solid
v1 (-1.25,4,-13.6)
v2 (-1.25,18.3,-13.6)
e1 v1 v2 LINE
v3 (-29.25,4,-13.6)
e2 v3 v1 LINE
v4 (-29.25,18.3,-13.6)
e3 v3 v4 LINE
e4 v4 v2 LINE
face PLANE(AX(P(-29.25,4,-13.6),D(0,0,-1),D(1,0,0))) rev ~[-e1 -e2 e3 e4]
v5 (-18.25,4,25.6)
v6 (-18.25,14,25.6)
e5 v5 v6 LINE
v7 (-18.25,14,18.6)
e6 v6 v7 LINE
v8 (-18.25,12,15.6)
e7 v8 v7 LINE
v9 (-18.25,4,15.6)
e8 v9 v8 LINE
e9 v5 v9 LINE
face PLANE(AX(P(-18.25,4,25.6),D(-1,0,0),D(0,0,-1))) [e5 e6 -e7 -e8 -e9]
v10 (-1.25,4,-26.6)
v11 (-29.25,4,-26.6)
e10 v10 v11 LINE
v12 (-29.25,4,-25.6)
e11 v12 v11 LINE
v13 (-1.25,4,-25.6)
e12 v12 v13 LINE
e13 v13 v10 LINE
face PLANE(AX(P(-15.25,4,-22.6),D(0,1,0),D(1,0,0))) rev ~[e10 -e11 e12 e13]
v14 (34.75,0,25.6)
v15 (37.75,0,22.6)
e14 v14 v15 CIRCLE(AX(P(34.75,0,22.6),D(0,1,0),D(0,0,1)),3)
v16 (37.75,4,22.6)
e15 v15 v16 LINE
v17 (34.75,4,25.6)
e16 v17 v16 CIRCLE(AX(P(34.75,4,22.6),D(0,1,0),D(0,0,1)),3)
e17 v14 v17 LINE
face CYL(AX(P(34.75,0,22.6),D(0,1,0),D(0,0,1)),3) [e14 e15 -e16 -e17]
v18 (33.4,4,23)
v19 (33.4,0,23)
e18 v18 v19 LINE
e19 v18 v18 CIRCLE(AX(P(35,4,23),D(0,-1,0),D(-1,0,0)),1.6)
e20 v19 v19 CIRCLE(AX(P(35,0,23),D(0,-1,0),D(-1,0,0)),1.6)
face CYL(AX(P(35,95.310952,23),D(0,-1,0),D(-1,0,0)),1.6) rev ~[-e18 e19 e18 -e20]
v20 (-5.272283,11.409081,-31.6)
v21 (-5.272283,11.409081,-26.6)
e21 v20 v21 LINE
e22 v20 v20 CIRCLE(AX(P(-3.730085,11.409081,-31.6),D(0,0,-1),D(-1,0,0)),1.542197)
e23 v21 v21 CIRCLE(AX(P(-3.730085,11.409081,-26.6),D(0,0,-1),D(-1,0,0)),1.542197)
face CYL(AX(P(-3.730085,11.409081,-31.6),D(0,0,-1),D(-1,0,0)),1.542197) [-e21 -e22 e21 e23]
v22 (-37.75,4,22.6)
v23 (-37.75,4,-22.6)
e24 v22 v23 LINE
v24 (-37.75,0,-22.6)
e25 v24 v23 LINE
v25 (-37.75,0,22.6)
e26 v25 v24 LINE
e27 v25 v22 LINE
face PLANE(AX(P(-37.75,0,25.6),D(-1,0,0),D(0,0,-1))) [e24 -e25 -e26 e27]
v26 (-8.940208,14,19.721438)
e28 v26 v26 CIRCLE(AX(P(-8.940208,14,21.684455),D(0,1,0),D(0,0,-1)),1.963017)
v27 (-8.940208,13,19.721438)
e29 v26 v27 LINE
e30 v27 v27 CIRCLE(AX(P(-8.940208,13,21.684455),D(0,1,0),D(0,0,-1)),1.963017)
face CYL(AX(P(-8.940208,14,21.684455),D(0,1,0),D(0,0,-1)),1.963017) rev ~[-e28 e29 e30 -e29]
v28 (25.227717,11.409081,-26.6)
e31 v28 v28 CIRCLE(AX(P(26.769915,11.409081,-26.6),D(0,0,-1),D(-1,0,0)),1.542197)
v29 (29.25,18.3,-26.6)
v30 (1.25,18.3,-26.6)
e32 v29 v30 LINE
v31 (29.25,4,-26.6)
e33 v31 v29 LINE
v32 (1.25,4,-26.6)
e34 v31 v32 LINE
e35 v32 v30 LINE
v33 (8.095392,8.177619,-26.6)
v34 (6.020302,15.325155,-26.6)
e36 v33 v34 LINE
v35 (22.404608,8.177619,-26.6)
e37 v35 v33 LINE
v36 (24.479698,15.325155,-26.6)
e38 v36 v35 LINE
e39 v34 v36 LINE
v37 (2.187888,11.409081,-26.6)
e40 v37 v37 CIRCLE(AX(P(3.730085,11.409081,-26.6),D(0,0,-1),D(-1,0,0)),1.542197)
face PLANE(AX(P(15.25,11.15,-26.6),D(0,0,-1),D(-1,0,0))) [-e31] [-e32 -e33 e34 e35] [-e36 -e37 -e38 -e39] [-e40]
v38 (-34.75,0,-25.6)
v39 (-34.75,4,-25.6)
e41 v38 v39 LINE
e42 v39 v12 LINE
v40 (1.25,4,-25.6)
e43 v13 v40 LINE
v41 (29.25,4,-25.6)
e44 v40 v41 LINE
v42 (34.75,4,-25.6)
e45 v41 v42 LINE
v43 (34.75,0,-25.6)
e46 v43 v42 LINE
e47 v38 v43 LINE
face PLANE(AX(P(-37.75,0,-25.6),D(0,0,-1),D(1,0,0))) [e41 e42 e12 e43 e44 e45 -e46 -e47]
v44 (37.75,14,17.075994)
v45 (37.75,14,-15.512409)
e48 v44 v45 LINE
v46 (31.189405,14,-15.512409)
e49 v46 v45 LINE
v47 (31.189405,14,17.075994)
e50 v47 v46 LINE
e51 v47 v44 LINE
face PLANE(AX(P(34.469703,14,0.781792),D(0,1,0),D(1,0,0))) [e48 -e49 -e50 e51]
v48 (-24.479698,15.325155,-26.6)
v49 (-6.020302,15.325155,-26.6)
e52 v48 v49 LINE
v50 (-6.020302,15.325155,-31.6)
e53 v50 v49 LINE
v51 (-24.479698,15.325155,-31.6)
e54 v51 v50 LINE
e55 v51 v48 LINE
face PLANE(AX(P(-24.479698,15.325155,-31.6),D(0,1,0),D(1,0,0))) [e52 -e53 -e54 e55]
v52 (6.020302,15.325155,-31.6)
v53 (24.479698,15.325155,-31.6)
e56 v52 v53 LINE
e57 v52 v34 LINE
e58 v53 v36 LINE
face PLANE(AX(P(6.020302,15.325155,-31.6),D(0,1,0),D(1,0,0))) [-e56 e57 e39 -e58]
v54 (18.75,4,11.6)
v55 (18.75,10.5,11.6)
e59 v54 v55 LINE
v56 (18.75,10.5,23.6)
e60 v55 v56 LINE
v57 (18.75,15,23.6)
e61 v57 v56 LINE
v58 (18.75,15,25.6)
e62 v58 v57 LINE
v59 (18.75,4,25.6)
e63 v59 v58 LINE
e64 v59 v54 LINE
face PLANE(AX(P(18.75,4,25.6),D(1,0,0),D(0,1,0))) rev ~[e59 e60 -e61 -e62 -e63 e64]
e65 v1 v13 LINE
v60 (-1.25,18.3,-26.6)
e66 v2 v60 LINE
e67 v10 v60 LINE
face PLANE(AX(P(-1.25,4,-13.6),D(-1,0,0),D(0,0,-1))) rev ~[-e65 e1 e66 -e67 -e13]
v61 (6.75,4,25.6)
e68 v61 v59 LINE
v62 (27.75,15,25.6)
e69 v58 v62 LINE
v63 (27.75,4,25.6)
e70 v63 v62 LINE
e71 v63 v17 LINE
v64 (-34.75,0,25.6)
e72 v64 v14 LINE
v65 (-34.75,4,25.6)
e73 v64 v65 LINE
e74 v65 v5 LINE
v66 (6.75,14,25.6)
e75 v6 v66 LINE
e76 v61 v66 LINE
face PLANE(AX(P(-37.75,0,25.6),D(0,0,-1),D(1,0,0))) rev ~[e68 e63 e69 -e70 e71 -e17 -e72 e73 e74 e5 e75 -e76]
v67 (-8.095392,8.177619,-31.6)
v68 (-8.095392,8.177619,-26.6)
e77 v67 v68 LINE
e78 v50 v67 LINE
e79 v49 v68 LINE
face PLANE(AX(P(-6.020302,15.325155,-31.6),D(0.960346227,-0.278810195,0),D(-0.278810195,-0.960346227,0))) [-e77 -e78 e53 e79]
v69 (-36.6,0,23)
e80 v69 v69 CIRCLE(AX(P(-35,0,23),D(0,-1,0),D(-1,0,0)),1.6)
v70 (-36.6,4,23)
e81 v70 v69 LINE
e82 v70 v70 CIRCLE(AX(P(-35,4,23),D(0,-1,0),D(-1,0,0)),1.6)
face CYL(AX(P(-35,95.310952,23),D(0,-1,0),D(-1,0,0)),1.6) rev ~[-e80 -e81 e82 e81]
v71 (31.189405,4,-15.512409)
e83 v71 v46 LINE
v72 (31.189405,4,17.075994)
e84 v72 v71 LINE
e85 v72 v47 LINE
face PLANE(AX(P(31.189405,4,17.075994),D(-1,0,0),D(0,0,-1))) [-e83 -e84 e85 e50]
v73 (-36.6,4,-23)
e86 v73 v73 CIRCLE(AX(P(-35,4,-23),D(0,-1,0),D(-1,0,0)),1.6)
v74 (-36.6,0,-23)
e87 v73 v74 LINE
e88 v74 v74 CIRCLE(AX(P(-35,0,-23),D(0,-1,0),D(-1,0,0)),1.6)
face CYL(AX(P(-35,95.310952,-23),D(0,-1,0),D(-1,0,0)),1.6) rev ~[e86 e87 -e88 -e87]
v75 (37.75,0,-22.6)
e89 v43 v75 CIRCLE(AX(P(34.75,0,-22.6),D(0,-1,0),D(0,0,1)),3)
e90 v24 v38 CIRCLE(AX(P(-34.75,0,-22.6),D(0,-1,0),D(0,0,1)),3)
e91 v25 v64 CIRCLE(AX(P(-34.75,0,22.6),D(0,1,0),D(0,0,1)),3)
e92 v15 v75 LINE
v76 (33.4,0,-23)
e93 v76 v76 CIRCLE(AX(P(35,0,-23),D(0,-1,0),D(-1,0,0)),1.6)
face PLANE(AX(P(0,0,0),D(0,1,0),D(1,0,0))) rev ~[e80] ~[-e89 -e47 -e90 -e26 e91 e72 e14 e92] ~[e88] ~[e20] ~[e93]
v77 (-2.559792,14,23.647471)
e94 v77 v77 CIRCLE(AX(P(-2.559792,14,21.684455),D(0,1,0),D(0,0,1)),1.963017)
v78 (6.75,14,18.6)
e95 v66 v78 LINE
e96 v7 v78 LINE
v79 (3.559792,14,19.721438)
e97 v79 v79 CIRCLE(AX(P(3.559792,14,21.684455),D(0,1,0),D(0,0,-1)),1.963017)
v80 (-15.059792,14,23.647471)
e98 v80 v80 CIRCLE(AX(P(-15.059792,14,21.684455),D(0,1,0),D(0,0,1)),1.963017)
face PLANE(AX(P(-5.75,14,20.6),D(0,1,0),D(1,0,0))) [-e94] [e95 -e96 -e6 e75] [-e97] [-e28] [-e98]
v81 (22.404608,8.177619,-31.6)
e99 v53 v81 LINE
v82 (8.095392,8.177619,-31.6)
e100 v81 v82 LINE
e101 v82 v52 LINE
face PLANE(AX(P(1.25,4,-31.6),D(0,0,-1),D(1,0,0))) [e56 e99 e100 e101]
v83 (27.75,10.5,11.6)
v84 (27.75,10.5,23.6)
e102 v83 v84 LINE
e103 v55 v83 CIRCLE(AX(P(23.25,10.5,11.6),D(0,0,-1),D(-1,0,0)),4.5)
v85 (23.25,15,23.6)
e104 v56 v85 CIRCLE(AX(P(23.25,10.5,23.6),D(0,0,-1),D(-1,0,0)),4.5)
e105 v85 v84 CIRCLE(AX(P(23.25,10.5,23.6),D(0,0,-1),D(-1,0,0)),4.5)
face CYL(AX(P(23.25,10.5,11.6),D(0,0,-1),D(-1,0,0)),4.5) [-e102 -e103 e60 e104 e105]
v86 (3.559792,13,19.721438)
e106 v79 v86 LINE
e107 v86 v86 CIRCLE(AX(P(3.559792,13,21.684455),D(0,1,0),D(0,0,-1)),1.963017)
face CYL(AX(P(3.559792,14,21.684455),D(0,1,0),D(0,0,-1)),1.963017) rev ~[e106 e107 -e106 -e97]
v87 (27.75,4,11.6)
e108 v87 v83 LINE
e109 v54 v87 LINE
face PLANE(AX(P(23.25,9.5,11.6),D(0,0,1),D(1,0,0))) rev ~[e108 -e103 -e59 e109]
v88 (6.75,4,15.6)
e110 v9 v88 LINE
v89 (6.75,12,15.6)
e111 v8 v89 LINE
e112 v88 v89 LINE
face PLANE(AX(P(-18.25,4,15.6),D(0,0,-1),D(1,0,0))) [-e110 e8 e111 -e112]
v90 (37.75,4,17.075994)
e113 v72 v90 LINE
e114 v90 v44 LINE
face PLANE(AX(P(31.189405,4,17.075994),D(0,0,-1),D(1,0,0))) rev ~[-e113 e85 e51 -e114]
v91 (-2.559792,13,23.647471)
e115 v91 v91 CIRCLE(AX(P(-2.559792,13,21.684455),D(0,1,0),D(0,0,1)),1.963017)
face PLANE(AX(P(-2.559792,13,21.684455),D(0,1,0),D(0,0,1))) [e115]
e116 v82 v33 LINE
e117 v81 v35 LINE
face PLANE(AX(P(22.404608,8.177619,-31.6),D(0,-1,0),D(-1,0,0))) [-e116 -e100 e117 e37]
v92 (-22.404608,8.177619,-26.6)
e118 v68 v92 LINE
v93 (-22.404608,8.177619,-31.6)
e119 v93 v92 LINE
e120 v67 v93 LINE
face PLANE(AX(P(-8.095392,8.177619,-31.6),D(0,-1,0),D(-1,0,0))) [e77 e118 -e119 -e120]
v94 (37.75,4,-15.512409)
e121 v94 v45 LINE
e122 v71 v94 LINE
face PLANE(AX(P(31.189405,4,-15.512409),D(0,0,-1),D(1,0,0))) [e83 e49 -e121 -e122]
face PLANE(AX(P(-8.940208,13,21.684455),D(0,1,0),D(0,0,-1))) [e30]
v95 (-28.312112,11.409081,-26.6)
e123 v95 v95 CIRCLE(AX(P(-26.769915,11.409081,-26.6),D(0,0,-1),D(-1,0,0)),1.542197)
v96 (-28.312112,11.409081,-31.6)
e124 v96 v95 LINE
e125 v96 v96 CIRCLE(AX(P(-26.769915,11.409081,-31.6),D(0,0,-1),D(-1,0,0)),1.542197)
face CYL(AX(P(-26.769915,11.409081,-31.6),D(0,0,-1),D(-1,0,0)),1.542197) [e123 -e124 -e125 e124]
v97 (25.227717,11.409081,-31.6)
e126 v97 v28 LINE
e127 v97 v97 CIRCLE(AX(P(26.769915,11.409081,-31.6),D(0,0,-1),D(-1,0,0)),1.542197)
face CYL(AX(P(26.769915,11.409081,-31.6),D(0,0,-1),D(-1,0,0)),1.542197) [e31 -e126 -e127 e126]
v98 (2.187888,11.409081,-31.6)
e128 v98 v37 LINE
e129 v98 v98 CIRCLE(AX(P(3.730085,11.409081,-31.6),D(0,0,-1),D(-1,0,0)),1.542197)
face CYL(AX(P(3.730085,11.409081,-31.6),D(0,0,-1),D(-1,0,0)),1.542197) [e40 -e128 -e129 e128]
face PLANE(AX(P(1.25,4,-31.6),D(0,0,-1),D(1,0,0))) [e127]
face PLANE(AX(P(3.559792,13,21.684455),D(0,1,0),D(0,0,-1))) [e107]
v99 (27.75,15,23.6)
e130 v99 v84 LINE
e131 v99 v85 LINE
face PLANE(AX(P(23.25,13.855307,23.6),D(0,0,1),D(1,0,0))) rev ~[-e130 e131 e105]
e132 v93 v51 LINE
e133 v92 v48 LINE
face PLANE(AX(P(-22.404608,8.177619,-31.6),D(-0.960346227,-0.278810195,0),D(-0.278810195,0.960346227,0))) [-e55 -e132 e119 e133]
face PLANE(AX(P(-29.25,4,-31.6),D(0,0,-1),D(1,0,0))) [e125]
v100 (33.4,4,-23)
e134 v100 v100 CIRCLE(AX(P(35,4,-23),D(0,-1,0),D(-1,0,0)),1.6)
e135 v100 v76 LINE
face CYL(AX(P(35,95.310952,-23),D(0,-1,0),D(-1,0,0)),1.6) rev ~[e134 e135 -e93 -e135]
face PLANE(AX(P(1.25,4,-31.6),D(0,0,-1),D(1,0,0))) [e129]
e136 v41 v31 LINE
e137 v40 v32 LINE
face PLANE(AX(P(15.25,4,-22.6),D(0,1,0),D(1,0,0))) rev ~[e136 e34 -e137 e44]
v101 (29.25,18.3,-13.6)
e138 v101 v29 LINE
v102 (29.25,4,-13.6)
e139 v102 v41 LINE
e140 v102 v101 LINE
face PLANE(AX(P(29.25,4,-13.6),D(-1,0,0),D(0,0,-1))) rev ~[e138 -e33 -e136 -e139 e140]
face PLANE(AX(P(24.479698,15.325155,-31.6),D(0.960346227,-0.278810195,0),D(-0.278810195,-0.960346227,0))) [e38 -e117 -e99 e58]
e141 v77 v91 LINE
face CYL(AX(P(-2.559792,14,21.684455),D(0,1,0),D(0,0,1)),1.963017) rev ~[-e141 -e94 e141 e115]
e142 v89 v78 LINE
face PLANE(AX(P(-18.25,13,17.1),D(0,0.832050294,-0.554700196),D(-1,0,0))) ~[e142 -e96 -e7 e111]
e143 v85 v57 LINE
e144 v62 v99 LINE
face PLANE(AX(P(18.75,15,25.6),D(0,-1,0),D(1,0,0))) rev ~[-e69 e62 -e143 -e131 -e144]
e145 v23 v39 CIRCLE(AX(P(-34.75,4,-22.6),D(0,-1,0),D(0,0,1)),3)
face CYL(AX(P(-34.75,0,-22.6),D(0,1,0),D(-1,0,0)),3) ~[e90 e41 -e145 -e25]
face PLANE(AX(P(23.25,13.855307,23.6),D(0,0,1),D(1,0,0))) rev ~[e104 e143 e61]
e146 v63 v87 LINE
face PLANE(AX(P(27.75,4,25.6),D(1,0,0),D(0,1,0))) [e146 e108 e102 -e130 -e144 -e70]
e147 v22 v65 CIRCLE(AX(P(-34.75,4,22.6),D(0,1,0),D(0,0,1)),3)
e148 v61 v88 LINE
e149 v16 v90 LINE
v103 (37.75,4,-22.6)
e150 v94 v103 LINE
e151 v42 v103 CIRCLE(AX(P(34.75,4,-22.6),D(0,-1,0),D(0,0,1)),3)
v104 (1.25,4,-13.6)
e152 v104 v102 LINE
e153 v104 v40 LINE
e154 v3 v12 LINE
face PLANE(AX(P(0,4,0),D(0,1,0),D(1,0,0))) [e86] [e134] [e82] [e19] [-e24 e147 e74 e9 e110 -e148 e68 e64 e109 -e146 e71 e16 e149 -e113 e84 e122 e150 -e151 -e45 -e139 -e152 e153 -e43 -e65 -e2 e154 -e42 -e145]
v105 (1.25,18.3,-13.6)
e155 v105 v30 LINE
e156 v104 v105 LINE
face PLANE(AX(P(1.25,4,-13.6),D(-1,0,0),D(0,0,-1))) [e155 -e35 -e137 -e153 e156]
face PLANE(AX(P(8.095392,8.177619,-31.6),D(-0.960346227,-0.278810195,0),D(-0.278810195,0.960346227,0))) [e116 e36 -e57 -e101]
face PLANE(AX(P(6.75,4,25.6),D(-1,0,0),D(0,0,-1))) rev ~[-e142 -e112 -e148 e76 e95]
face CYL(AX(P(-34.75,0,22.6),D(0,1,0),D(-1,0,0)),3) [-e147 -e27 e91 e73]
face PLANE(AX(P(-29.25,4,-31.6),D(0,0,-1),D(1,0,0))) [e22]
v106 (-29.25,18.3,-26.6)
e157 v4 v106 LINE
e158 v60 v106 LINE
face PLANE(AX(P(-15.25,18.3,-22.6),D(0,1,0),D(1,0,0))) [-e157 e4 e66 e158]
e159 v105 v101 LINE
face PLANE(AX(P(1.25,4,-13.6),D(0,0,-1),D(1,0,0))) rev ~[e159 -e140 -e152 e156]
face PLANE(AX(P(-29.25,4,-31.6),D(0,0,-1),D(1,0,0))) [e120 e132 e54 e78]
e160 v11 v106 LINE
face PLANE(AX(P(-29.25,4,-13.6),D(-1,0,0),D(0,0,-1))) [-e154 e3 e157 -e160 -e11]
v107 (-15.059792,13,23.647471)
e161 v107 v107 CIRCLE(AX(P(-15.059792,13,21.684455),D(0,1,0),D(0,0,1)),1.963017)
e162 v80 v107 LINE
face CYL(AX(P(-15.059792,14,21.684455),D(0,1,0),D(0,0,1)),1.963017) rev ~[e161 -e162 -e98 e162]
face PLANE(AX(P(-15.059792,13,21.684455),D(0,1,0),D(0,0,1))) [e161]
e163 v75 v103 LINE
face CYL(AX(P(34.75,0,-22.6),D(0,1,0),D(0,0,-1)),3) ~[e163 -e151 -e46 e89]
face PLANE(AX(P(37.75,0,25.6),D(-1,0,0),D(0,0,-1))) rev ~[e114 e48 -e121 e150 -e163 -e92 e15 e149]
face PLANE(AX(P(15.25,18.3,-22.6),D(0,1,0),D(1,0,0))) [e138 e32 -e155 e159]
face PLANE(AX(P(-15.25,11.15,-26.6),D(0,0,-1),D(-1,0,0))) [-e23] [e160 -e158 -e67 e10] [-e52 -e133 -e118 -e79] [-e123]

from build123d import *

# Parameters (mm, degrees)
SKETCH_1_W          = 75.5
SKETCH_1_H          = 51.2
EXTRUDE_1_DEPTH     = 4
HOLE_WIZARD_M3_1_D  = 3.2
FILLET_1_R          = 3
SKETCH_4_W          = 9
SKETCH_4_H          = 11
EXTRUDE_2_DEPTH     = 14
CUT_EXTRUDE_1_DEPTH = 12
SKETCH_6_W          = 25
SKETCH_6_H          = 10
EXTRUDE_3_DEPTH     = 10
SKETCH_7_R          = 1.963016799
CUT_EXTRUDE_2_DEPTH = 1
CHAMFER_1_SIZE      = 2
CHAMFER_1_SIZE2     = 3
SKETCH_8_W          = 6.560594773
SKETCH_8_H          = 32.588402295
EXTRUDE_4_DEPTH     = 10
SKETCH_9_W          = 28
SKETCH_9_H          = 18
EXTRUDE_5_DEPTH     = 14.3
SKETCH_10_W         = 28
SKETCH_10_H         = 14.3
SKETCH_10_R         = 1.542197262
CUT_EXTRUDE_3_DEPTH = 5


with BuildPart() as part:
    # 草图1 → 凸台-拉伸1 (new body)
    with BuildSketch(Plane(origin=(0, 0, 0), x_dir=(1, 0, 0), z_dir=(0, 1, 0))):
        Rectangle(SKETCH_1_W, SKETCH_1_H)
    extrude(amount=EXTRUDE_1_DEPTH)

    # M3 间隙孔1 (through all)
    with Locations(Plane(origin=(0, 4, 0), x_dir=(1, 0, 0), z_dir=(0, 1, 0))):
        with Locations((-35, 23), (35, 23), (-35, -23), (35, -23)):
            Hole(HOLE_WIZARD_M3_1_D / 2)

    # 圆角1
    fillet_1_edges = [part.edges().sort_by_distance(p)[0] for p in [
        (-37.75, 2, -25.6),
        (37.75, 2, -25.6),
        (37.75, 2, 25.6),
        (-37.75, 2, 25.6),
    ]]
    fillet(fillet_1_edges, radius=FILLET_1_R)

    # 草图4 → 凸台-拉伸2 (add)
    with BuildSketch(Plane.XY.offset(25.6)):
        with Locations((23.25, 9.5)):
            Rectangle(SKETCH_4_W, SKETCH_4_H)
    extrude(amount=-EXTRUDE_2_DEPTH)

    # 草图5 → 切除-拉伸1 (cut)
    with BuildSketch(Plane(origin=(0, 0, 11.6), x_dir=(-1, 0, 0), z_dir=(0, 0, -1))):
        with BuildLine():
            Line((-27.75, 10.5), (-28.75, 10.5))
            Line((-28.75, 10.5), (-28.75, 16))
            Line((-28.75, 16), (-17.75, 16))
            Line((-17.75, 16), (-17.75, 10.5))
            Line((-17.75, 10.5), (-18.75, 10.5))
            ThreePointArc((-18.75, 10.5), (-23.25, 15), (-27.75, 10.5))
        make_face()
    extrude(amount=-CUT_EXTRUDE_1_DEPTH, mode=Mode.SUBTRACT)

    # 草图6 → 凸台-拉伸3 (add)
    with BuildSketch(Plane(origin=(0, 4, 0), x_dir=(1, 0, 0), z_dir=(0, 1, 0))):
        with Locations((-5.75, -20.6)):
            Rectangle(SKETCH_6_W, SKETCH_6_H)
    extrude(amount=EXTRUDE_3_DEPTH)

    # 草图7 → 切除-拉伸2 (cut)
    with BuildSketch(Plane(origin=(0, 14, 0), x_dir=(1, 0, 0), z_dir=(0, 1, 0))):
        with Locations(Location((-15.05979197, -21.684454558, 0), (0, 0, 270))):
            Circle(SKETCH_7_R)
        with Locations(Location((-8.94020803, -21.684454558, 0), (0, 0, 90))):
            Circle(SKETCH_7_R)
        with Locations(Location((3.55979197, -21.684454558, 0), (0, 0, 90))):
            Circle(SKETCH_7_R)
        with Locations(Location((-2.55979197, -21.684454558, 0), (0, 0, 270))):
            Circle(SKETCH_7_R)
    extrude(amount=-CUT_EXTRUDE_2_DEPTH, mode=Mode.SUBTRACT)

    # 倒角1
    chamfer_1_edges = [part.edges().sort_by_distance(p)[0] for p in [
        (-5.75, 14, 15.6),
    ]]
    chamfer_1_side = [part.faces().sort_by_distance(p)[0] for p in [
        (-5.75, 9, 15.6),
    ]]
    chamfer(chamfer_1_edges, length=CHAMFER_1_SIZE, length2=CHAMFER_1_SIZE2, reference=chamfer_1_side[0])

    # 草图8 → 凸台-拉伸4 (add)
    with BuildSketch(Plane(origin=(0, 4, 0), x_dir=(1, 0, 0), z_dir=(0, 1, 0))):
        with Locations((34.469702614, -0.78179248)):
            Rectangle(SKETCH_8_W, SKETCH_8_H)
    extrude(amount=EXTRUDE_4_DEPTH)

    # 草图9 → 凸台-拉伸5 (add)
    with BuildSketch(Plane(origin=(0, 4, 0), x_dir=(1, 0, 0), z_dir=(0, 1, 0))):
        with Locations((-15.25, 22.6)):
            Rectangle(SKETCH_9_W, SKETCH_9_H)
        with Locations((15.25, 22.6)):
            Rectangle(SKETCH_9_W, SKETCH_9_H)
    extrude(amount=EXTRUDE_5_DEPTH)

    # 草图10 → 切除-拉伸3 (cut)
    # profile 1 of 2: a face of its own
    with BuildSketch(Plane(origin=(0, 0, -31.6), x_dir=(-1, 0, 0), z_dir=(0, 0, -1))):
        with Locations((-15.25, 11.15)):
            Rectangle(SKETCH_10_W, SKETCH_10_H)
        with Locations((-26.769914648, 11.409080509)):
            Circle(SKETCH_10_R, mode=Mode.SUBTRACT)
        with Locations((-3.730085352, 11.409080509)):
            Circle(SKETCH_10_R, mode=Mode.SUBTRACT)
        Polygon((-22.404607637, 8.177619476), (-8.095392363, 8.177619476), (-6.020301502, 15.325154661), (-24.479698498, 15.325154661), align=None, mode=Mode.SUBTRACT)
    # profile 2 of 2: a face of its own
    with BuildSketch(Plane(origin=(0, 0, -31.6), x_dir=(-1, 0, 0), z_dir=(0, 0, -1))):
        with Locations((15.25, 11.15)):
            Rectangle(SKETCH_10_W, SKETCH_10_H)
        with Locations((3.730085352, 11.409080509)):
            Circle(SKETCH_10_R, mode=Mode.SUBTRACT)
        with Locations((26.769914648, 11.409080509)):
            Circle(SKETCH_10_R, mode=Mode.SUBTRACT)
        Polygon((6.020301502, 15.325154661), (8.095392363, 8.177619476), (22.404607637, 8.177619476), (24.479698498, 15.325154661), align=None, mode=Mode.SUBTRACT)
    extrude(amount=-CUT_EXTRUDE_3_DEPTH, mode=Mode.SUBTRACT)


solid = part.part
